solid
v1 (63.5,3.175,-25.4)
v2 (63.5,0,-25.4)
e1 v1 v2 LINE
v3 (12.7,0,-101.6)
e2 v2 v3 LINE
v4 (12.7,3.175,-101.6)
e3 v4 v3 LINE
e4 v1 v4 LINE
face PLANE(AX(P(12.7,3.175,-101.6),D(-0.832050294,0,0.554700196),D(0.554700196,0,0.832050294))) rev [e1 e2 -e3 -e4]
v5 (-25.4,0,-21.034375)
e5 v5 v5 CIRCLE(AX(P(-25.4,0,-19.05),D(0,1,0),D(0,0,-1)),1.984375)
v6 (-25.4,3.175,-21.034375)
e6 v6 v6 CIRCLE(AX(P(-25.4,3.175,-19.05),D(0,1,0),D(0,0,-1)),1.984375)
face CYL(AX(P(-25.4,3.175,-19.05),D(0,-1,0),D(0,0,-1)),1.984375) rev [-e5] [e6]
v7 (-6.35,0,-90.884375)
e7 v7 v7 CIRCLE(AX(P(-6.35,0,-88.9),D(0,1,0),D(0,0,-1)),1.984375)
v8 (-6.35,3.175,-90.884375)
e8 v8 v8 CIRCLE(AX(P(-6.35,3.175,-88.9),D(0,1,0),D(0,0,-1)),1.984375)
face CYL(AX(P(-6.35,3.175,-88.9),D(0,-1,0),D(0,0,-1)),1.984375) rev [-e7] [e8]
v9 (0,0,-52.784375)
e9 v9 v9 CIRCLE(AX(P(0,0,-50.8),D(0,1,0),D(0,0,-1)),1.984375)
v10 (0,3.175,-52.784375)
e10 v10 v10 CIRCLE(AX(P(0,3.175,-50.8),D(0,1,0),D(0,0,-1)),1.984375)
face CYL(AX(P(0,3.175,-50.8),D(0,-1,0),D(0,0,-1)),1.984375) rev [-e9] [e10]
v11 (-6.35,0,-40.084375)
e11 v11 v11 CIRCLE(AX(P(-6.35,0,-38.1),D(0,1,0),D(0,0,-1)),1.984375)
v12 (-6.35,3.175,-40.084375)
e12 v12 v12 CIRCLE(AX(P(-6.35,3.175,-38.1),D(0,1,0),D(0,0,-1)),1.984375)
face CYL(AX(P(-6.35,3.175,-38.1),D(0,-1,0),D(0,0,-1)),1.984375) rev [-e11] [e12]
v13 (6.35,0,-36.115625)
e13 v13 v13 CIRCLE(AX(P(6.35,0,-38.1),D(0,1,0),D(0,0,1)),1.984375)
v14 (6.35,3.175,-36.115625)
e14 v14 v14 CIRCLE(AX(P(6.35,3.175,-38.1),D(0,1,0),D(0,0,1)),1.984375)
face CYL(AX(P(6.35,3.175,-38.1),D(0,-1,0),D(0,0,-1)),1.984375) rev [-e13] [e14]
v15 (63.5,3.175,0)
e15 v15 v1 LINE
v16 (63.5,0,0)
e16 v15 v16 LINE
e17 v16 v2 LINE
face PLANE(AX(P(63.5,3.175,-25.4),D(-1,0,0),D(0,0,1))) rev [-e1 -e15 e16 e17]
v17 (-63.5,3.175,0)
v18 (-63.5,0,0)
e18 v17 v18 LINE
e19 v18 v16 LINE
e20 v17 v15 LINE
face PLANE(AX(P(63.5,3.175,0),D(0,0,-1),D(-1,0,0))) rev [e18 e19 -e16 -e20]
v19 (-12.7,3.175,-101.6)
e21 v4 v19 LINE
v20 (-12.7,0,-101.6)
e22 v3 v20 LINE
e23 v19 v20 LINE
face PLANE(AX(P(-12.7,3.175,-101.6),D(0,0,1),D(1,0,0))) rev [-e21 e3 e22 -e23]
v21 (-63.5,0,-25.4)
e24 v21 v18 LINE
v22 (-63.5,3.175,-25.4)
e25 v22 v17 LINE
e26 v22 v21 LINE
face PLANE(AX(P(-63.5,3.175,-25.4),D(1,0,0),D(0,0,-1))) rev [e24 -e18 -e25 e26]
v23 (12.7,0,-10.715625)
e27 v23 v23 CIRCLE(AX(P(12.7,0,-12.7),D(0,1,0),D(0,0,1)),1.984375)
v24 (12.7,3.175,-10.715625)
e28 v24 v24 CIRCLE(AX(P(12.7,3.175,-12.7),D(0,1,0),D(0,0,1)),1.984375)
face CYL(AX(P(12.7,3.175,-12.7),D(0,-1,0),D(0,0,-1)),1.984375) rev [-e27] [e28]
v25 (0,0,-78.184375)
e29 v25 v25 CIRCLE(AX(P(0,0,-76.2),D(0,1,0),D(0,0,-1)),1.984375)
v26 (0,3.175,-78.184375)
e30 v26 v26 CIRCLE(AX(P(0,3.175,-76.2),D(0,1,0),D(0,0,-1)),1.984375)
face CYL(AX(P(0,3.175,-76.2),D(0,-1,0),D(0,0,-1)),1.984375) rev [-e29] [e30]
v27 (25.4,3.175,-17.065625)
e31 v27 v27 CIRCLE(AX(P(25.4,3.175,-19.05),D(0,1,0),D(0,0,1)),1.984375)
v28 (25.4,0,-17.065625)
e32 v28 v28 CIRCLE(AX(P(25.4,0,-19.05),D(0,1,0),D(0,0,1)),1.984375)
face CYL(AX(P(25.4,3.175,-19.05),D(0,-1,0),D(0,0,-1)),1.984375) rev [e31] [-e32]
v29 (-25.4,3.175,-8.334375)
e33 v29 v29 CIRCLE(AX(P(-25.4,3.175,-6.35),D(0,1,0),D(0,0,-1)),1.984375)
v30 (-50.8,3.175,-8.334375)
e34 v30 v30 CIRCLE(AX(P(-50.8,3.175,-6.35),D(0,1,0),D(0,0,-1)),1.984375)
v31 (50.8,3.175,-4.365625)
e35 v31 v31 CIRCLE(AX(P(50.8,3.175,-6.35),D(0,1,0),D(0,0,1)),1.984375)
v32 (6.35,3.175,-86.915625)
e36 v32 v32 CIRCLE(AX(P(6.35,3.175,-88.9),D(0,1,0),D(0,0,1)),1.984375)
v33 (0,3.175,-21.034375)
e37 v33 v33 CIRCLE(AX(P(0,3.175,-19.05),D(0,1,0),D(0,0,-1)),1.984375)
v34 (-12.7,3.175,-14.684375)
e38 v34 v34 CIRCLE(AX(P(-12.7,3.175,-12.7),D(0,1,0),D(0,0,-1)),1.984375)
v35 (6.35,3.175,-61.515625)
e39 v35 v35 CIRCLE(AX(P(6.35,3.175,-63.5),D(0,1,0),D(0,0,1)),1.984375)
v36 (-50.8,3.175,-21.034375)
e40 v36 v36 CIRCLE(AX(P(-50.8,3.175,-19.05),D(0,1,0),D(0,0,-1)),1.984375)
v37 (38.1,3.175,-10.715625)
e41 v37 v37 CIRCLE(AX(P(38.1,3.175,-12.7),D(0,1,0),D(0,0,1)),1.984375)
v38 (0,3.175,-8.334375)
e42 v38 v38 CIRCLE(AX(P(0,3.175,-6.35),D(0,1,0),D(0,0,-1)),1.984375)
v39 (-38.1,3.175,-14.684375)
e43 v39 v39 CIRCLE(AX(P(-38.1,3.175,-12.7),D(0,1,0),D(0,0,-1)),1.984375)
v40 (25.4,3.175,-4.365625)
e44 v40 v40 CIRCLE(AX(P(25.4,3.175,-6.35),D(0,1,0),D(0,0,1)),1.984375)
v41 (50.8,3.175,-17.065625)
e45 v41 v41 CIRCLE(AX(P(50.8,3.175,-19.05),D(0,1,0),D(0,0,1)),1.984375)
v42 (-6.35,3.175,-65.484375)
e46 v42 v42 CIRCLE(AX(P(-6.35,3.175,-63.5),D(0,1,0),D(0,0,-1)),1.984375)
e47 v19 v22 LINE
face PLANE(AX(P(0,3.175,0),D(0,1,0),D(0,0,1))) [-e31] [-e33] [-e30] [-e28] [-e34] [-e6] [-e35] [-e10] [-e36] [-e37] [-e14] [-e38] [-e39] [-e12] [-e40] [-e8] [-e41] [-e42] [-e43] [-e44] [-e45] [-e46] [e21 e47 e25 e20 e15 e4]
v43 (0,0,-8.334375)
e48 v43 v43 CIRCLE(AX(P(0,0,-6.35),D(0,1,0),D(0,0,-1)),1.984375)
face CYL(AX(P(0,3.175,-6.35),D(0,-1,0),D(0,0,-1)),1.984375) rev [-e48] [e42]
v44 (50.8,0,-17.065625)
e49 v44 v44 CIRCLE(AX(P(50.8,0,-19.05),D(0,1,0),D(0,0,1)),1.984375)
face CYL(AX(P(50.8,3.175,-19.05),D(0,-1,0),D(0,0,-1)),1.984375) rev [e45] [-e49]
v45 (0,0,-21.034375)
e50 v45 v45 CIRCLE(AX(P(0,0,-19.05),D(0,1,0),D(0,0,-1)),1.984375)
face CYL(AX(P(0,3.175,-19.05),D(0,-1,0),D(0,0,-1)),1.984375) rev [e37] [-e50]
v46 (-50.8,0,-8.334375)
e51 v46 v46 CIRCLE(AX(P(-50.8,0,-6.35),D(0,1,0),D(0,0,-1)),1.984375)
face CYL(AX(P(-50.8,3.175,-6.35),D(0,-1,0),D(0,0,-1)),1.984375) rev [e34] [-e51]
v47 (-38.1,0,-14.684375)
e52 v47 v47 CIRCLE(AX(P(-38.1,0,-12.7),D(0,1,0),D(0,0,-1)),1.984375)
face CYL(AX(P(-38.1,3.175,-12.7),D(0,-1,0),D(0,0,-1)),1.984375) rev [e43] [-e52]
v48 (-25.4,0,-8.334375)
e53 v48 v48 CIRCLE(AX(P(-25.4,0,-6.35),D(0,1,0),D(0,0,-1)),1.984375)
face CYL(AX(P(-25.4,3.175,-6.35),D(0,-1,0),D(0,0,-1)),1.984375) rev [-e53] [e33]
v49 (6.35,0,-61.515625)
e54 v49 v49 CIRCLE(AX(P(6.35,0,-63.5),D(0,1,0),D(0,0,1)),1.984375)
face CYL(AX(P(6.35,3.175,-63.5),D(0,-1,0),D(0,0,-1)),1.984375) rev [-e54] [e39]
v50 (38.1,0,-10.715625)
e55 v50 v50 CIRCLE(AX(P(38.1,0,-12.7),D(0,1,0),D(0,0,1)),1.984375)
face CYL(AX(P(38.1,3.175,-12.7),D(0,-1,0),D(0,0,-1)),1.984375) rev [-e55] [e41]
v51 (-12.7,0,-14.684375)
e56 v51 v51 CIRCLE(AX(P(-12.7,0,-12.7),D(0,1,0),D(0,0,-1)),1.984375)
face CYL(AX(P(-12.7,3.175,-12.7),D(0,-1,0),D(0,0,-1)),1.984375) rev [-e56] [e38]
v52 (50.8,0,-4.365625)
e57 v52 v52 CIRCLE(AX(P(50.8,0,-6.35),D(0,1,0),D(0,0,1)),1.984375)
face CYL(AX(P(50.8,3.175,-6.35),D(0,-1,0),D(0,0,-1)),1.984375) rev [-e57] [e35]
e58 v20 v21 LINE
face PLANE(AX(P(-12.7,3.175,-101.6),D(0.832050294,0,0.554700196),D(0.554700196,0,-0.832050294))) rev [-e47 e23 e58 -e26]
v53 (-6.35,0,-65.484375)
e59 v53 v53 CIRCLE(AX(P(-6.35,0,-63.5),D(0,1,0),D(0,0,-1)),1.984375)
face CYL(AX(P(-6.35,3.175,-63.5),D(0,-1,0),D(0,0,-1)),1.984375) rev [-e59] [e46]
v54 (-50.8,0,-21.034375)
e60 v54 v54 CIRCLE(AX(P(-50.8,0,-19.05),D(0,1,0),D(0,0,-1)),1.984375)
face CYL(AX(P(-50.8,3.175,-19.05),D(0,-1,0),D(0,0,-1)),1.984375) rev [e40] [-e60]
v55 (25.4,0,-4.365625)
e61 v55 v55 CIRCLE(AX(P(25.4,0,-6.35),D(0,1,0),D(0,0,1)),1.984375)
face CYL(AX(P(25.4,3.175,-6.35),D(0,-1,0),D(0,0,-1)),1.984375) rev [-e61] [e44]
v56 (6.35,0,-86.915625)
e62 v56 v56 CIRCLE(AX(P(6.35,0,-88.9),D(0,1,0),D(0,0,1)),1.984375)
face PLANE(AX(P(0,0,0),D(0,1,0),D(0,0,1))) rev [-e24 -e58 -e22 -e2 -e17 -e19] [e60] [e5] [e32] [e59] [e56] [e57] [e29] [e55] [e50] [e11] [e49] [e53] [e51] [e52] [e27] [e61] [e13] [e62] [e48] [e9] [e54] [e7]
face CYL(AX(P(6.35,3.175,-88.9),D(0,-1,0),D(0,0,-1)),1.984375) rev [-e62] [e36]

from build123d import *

# Parameters (mm, degrees)
SKETCH1_R           = 1.984375
BOSS_EXTRUDE1_DEPTH = 3.175


with BuildPart() as part:
    # Sketch1 → Boss-Extrude1 (new body)
    with BuildSketch(Plane(origin=(0, 0, 0), x_dir=(1, 0, 0), z_dir=(0, 1, 0))):
        Polygon((-12.7, 101.6), (12.7, 101.6), (63.5, 25.4), (63.5, 0), (-63.5, 0), (-63.5, 25.4), align=None)
        with Locations(Location((6.35, 88.9, 0), (0, 0, 270))):
            Circle(SKETCH1_R, mode=Mode.SUBTRACT)
        with Locations(Location((6.35, 63.5, 0), (0, 0, 270))):
            Circle(SKETCH1_R, mode=Mode.SUBTRACT)
        with Locations(Location((6.35, 38.1, 0), (0, 0, 270))):
            Circle(SKETCH1_R, mode=Mode.SUBTRACT)
        with Locations(Location((12.7, 12.7, 0), (0, 0, 270))):
            Circle(SKETCH1_R, mode=Mode.SUBTRACT)
        with Locations(Location((25.4, 6.35, 0), (0, 0, 270))):
            Circle(SKETCH1_R, mode=Mode.SUBTRACT)
        with Locations(Location((25.4, 19.05, 0), (0, 0, 270))):
            Circle(SKETCH1_R, mode=Mode.SUBTRACT)
        with Locations(Location((38.1, 12.7, 0), (0, 0, 270))):
            Circle(SKETCH1_R, mode=Mode.SUBTRACT)
        with Locations(Location((50.8, 6.35, 0), (0, 0, 270))):
            Circle(SKETCH1_R, mode=Mode.SUBTRACT)
        with Locations(Location((50.8, 19.05, 0), (0, 0, 270))):
            Circle(SKETCH1_R, mode=Mode.SUBTRACT)
        with Locations(Location((0, 76.2, 0), (0, 0, 90))):
            Circle(SKETCH1_R, mode=Mode.SUBTRACT)
        with Locations(Location((0, 50.8, 0), (0, 0, 90))):
            Circle(SKETCH1_R, mode=Mode.SUBTRACT)
        with Locations(Location((0, 19.05, 0), (0, 0, 90))):
            Circle(SKETCH1_R, mode=Mode.SUBTRACT)
        with Locations(Location((0, 6.35, 0), (0, 0, 90))):
            Circle(SKETCH1_R, mode=Mode.SUBTRACT)
        with Locations(Location((-50.8, 19.05, 0), (0, 0, 90))):
            Circle(SKETCH1_R, mode=Mode.SUBTRACT)
        with Locations(Location((-50.8, 6.35, 0), (0, 0, 90))):
            Circle(SKETCH1_R, mode=Mode.SUBTRACT)
        with Locations(Location((-38.1, 12.7, 0), (0, 0, 90))):
            Circle(SKETCH1_R, mode=Mode.SUBTRACT)
        with Locations(Location((-25.4, 19.05, 0), (0, 0, 90))):
            Circle(SKETCH1_R, mode=Mode.SUBTRACT)
        with Locations(Location((-25.4, 6.35, 0), (0, 0, 90))):
            Circle(SKETCH1_R, mode=Mode.SUBTRACT)
        with Locations(Location((-12.7, 12.7, 0), (0, 0, 90))):
            Circle(SKETCH1_R, mode=Mode.SUBTRACT)
        with Locations(Location((-6.35, 38.1, 0), (0, 0, 90))):
            Circle(SKETCH1_R, mode=Mode.SUBTRACT)
        with Locations(Location((-6.35, 63.5, 0), (0, 0, 90))):
            Circle(SKETCH1_R, mode=Mode.SUBTRACT)
        with Locations(Location((-6.35, 88.9, 0), (0, 0, 90))):
            Circle(SKETCH1_R, mode=Mode.SUBTRACT)
    extrude(amount=BOSS_EXTRUDE1_DEPTH)


solid = part.part
